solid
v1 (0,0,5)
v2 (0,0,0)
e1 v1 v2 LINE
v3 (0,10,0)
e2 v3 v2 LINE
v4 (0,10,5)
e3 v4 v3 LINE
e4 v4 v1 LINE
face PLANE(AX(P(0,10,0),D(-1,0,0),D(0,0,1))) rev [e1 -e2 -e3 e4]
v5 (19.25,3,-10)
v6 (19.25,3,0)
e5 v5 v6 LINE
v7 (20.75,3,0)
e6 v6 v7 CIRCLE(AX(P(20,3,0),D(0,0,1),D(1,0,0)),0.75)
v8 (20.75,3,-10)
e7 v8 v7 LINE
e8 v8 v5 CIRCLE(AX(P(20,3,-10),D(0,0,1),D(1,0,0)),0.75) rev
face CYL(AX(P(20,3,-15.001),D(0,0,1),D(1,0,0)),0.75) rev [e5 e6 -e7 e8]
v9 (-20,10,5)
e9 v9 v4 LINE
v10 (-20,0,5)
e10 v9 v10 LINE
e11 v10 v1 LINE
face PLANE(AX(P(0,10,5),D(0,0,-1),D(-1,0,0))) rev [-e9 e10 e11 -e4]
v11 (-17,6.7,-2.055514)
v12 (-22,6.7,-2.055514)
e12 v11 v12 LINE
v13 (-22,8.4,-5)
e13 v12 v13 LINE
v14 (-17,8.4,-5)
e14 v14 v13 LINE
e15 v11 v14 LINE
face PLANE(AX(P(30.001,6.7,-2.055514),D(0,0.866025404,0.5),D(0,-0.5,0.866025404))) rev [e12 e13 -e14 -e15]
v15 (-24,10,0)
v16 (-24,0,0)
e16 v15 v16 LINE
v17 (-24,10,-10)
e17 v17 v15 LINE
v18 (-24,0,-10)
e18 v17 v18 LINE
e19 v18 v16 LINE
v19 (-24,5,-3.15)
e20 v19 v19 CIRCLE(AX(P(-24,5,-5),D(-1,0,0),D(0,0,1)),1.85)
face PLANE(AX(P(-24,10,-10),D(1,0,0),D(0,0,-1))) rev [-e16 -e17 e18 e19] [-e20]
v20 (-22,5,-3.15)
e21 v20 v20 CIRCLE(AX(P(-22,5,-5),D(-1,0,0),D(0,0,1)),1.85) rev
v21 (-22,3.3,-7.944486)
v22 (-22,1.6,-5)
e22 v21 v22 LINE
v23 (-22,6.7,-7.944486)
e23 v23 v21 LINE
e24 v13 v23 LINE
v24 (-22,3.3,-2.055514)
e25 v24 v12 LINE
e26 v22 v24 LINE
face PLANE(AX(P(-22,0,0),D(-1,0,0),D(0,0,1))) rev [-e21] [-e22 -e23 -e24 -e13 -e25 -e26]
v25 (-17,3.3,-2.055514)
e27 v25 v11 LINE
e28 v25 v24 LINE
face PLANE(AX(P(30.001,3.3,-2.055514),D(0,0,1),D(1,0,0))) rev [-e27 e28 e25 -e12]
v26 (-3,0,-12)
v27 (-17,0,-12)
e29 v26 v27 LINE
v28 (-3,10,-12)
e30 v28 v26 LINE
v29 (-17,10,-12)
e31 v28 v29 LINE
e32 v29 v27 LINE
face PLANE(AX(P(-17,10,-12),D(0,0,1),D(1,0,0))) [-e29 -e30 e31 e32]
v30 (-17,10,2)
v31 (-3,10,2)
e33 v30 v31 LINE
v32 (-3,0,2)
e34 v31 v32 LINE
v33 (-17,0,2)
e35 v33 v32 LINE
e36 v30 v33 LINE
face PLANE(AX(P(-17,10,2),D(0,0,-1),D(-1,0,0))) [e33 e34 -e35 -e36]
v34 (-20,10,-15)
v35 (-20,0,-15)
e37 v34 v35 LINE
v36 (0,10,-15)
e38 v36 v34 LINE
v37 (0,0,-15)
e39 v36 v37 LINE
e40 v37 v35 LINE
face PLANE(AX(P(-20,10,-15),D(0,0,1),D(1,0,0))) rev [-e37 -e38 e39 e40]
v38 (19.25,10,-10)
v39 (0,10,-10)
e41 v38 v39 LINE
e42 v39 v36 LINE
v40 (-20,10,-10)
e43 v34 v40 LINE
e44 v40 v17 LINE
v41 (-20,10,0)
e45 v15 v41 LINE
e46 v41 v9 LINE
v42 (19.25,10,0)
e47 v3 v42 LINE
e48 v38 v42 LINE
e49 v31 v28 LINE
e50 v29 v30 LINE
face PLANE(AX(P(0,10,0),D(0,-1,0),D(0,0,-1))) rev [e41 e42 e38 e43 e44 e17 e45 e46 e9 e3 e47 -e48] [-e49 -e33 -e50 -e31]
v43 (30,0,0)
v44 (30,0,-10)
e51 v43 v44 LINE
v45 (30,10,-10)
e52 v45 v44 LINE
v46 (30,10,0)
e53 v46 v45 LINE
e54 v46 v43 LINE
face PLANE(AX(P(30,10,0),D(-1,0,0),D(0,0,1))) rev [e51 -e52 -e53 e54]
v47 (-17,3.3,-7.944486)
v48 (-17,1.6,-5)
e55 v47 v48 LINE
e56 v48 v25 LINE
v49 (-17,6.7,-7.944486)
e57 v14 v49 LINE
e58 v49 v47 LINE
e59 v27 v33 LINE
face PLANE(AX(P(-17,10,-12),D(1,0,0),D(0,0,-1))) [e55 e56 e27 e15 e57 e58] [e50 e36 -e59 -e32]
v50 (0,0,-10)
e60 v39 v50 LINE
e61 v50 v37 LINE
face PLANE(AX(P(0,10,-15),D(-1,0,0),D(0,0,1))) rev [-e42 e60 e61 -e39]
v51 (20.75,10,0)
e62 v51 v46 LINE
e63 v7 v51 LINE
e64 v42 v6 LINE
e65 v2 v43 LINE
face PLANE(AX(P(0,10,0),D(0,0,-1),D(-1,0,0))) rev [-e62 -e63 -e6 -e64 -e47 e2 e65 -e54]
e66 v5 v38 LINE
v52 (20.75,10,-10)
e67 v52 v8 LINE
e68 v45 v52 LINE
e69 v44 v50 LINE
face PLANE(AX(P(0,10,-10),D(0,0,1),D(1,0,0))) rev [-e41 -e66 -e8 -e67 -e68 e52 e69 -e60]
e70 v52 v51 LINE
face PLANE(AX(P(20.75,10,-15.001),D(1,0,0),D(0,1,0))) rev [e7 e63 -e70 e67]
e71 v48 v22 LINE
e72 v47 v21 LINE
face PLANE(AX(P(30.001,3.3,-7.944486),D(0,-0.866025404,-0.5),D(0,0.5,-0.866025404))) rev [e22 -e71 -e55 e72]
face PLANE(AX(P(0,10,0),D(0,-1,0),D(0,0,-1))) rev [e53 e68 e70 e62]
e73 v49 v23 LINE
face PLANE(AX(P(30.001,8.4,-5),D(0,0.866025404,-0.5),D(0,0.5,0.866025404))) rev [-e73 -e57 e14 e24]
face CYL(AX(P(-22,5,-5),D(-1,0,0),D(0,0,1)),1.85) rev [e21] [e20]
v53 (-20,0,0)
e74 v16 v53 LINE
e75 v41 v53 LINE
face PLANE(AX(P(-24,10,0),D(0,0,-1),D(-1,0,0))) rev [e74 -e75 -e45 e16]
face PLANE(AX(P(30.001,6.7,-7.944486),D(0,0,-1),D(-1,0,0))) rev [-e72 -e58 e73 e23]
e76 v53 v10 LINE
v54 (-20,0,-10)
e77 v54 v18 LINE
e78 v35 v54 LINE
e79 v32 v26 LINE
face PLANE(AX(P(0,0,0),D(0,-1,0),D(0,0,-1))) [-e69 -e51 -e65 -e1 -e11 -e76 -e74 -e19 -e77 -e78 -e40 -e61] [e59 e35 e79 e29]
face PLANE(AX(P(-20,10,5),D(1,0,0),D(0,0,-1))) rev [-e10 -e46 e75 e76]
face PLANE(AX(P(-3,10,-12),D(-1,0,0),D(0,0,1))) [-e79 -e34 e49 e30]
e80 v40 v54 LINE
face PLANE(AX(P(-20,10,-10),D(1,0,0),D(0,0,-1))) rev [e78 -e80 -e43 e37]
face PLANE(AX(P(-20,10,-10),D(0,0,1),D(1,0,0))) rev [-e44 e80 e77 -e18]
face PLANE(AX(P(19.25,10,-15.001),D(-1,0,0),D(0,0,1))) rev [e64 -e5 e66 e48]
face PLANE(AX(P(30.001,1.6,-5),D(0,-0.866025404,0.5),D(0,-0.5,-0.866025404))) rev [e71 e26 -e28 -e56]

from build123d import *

# Parameters (mm, degrees)
SKETCH1_W           = 14
SKETCH1_H           = 14
BOSS_EXTRUDE1_DEPTH = 10
CUT_EXTRUDE1_REACH  = 37
SKETCH4_R           = 1.85
CUT_EXTRUDE2_DEPTH  = 2
CUT_EXTRUDE3_REACH  = 57.036


with BuildPart() as part:
    # Sketch1 → Boss-Extrude1 (new body)
    with BuildSketch(Plane(origin=(0, 0, 0), x_dir=(1, 0, 0), z_dir=(0, 1, 0))):
        Polygon((0, 0), (30, 0), (30, 10), (0, 10), (0, 15), (-20, 15), (-20, 10), (-24, 10), (-24, 0), (-20, 0), (-20, -5), (0, -5), align=None)
        with Locations((-10, 5)):
            Rectangle(SKETCH1_W, SKETCH1_H, mode=Mode.SUBTRACT)
    extrude(amount=BOSS_EXTRUDE1_DEPTH)

    # Sketch3 → Cut-Extrude1 (cut, up to next)
    with BuildSketch(Plane.XY, mode=Mode.PRIVATE) as cut_extrude1_sk1:
        with BuildLine():
            Line((19.25, 10), (20.75, 10))
            Line((20.75, 10), (20.75, 3))
            ThreePointArc((20.75, 3), (20, 2.25), (19.25, 3))
            Line((19.25, 3), (19.25, 10))
        make_face()
    cut_extrude1_tool1 = extrude(cut_extrude1_sk1.sketch, amount=-CUT_EXTRUDE1_REACH, mode=Mode.PRIVATE) & part.part
    add(cut_extrude1_tool1.solids().sort_by_distance((20, 6.203629, 0))[0], mode=Mode.SUBTRACT)

    # Sketch4 → Cut-Extrude2 (cut)
    with BuildSketch(Plane.ZY.offset(24)):
        with Locations((-5, 5)):
            Circle(SKETCH4_R)
    extrude(amount=-CUT_EXTRUDE2_DEPTH, mode=Mode.SUBTRACT)

    # Sketch5 → Cut-Extrude3 (cut, up to next)
    with BuildSketch(Plane.ZY.offset(22), mode=Mode.PRIVATE) as cut_extrude3_sk1:
        Polygon((-5, 8.4), (-7.944486373, 6.7), (-7.944486373, 3.3), (-5, 1.6), (-2.055513627, 3.3), (-2.055513627, 6.7), align=None)
    cut_extrude3_tool1 = extrude(cut_extrude3_sk1.sketch, amount=-CUT_EXTRUDE3_REACH, mode=Mode.PRIVATE) & part.part
    add(cut_extrude3_tool1.solids().sort_by_distance((-22, 5, -5))[0], mode=Mode.SUBTRACT)


solid = part.part
